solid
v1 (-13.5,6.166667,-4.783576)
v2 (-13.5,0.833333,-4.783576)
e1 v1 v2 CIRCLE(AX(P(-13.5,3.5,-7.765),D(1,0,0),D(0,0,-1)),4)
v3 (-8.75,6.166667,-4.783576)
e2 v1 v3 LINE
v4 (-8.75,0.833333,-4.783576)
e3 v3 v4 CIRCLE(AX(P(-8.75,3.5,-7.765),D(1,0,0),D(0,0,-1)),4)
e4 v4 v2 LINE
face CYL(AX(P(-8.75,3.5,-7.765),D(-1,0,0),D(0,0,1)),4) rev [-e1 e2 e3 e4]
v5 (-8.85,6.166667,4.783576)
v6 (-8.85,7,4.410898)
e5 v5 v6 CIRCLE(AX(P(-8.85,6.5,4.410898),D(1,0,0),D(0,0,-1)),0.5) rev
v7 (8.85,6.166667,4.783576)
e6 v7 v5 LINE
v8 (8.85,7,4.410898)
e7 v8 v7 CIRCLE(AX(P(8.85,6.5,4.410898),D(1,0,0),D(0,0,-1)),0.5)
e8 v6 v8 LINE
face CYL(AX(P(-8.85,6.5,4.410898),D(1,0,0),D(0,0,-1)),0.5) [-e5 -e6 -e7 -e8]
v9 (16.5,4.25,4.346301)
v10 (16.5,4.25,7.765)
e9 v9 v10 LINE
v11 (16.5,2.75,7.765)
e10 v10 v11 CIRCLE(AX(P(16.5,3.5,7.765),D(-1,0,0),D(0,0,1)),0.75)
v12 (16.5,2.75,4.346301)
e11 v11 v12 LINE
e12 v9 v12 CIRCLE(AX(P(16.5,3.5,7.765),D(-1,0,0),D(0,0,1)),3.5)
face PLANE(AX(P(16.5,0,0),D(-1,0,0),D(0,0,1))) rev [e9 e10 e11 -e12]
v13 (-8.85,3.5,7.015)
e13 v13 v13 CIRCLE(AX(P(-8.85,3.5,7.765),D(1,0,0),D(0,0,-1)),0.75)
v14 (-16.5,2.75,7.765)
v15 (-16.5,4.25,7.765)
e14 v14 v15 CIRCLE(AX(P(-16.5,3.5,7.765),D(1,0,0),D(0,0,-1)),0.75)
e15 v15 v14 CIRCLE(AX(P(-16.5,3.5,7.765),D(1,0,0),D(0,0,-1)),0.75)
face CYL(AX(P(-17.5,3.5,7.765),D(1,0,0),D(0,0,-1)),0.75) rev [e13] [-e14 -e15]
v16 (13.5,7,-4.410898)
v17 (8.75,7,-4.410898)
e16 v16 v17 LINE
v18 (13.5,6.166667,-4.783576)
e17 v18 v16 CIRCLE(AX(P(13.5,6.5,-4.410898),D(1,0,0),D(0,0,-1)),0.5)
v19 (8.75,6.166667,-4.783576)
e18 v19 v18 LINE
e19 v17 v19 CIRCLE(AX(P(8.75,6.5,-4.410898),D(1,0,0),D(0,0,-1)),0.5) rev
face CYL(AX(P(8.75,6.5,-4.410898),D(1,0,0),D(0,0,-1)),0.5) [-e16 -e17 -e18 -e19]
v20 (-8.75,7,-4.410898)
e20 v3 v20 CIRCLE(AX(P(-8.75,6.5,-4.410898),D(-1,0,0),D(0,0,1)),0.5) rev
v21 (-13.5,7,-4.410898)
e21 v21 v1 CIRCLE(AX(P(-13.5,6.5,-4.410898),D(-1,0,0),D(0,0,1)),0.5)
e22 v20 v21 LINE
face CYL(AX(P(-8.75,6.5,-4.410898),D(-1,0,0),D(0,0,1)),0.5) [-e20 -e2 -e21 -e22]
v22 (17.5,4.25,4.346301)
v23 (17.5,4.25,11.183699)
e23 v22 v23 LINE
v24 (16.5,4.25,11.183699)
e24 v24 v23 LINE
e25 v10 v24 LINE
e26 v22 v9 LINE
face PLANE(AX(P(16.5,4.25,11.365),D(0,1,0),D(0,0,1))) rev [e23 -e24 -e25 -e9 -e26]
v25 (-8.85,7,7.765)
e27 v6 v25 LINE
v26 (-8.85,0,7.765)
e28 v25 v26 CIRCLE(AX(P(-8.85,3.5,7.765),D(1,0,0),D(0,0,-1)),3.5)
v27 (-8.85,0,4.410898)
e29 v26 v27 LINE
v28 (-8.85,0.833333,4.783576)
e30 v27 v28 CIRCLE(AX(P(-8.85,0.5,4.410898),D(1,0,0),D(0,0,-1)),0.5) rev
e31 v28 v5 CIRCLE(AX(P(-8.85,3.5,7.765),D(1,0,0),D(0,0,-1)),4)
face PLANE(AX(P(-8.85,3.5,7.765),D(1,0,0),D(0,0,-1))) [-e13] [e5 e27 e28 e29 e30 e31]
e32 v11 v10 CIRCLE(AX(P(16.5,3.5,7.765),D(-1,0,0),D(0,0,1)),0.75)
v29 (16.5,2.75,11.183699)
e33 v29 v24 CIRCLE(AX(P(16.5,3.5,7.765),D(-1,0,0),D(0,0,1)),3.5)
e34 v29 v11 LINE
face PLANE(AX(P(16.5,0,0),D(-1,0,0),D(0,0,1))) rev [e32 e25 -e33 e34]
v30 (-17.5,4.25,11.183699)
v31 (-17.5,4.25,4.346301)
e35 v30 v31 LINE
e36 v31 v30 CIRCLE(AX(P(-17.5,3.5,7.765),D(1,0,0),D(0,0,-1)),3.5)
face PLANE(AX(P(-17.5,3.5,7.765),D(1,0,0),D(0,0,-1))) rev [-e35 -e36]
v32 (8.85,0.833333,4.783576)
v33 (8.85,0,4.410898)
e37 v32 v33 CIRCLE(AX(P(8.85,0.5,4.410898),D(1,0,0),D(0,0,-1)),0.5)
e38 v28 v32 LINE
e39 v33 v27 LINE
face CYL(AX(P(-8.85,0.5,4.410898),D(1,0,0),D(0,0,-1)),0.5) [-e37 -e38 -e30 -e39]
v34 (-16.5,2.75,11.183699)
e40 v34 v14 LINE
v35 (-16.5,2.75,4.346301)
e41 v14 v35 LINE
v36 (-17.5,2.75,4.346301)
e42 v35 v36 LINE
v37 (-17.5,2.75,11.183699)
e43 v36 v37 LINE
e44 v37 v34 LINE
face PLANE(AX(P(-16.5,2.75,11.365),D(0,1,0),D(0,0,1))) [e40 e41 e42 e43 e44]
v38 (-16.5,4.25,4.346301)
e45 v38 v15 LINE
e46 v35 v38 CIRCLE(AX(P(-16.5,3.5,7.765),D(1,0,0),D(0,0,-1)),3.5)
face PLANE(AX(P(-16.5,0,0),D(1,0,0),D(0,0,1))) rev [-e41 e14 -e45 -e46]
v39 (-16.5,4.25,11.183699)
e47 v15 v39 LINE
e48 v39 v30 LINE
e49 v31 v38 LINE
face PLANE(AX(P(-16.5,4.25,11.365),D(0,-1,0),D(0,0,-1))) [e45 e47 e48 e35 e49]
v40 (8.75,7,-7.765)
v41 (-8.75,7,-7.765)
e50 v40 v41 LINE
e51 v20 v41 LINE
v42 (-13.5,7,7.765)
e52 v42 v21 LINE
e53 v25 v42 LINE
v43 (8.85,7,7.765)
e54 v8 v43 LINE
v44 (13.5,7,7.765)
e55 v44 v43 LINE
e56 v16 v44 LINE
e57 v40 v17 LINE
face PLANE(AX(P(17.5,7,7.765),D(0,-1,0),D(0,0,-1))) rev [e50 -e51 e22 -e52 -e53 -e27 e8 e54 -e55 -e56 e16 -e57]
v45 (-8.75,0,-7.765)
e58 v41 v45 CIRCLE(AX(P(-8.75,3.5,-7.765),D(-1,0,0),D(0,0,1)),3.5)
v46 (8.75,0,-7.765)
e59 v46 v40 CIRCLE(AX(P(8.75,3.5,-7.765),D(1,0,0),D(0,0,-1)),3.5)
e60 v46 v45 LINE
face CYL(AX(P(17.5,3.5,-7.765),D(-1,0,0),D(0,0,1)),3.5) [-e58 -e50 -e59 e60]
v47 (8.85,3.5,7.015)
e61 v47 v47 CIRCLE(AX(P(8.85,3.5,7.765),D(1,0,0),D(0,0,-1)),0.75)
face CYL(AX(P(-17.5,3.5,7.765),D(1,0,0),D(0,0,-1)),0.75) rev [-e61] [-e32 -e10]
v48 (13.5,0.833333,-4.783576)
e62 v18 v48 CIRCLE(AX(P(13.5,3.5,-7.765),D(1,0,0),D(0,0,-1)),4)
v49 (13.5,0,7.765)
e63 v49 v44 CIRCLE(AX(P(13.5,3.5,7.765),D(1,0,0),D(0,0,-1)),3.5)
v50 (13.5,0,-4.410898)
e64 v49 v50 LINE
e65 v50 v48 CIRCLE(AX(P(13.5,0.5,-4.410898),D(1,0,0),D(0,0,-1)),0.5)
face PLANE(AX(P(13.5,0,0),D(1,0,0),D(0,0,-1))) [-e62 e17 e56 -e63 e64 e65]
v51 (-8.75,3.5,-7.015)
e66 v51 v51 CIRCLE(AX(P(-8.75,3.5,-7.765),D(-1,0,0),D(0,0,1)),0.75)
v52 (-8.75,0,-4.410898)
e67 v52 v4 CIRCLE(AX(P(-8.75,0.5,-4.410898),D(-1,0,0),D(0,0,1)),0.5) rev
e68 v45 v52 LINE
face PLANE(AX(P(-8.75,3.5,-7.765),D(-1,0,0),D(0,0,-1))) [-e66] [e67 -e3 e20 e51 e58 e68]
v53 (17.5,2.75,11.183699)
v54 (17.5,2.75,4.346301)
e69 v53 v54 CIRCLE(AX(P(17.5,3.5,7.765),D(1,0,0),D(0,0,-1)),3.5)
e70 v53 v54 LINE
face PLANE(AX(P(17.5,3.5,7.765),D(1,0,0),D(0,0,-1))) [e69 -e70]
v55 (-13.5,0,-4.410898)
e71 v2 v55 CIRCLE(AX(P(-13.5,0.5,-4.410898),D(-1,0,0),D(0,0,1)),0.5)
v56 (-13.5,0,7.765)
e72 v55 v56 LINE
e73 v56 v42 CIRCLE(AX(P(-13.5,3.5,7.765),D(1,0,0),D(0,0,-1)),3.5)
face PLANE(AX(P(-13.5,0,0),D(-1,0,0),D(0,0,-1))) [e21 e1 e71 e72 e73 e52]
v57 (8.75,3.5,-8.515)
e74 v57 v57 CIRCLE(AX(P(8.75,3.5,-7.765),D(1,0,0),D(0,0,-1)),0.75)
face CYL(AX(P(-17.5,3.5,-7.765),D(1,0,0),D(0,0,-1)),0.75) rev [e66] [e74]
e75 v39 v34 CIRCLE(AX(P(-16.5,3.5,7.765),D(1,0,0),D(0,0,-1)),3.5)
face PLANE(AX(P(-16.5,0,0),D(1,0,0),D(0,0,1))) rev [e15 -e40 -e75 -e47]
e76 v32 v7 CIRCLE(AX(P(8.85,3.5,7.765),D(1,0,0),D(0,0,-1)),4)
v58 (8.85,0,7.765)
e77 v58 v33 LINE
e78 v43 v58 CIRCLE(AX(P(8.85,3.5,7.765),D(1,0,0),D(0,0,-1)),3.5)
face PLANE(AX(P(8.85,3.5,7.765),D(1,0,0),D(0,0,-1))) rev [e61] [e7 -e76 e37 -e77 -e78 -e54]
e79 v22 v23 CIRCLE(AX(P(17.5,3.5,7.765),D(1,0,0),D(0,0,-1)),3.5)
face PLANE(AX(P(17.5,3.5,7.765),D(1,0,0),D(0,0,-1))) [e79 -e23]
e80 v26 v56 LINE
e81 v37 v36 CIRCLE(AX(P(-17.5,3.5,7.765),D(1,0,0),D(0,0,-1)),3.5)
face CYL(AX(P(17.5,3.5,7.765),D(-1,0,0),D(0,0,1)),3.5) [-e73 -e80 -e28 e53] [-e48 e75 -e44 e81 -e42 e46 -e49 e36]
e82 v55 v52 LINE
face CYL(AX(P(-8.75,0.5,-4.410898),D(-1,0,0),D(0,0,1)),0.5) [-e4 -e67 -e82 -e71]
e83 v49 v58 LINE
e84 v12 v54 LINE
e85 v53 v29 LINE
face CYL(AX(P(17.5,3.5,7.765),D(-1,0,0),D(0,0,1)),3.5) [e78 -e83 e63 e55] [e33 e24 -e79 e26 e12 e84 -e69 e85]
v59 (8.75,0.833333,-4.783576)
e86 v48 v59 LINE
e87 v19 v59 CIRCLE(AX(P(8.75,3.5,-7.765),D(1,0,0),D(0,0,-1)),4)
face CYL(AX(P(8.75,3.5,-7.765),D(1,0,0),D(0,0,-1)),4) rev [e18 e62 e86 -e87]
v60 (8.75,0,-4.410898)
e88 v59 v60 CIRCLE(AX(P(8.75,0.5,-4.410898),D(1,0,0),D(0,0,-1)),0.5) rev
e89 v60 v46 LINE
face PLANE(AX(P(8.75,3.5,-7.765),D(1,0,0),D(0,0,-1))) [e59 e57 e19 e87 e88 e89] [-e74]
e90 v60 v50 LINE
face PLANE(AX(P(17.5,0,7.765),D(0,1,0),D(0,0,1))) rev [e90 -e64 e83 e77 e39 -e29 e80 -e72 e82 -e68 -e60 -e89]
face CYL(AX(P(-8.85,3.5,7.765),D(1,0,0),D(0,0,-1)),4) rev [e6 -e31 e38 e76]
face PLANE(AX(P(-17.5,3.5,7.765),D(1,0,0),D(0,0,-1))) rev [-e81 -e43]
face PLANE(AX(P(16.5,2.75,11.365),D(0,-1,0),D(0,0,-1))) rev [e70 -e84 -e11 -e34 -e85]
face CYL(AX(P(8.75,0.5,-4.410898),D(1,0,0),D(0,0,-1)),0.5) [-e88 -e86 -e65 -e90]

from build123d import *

# Parameters (mm, degrees)
EXTRUDE_1_DEPTH     = 17.5
SKETCH_3_W          = 24
SKETCH_3_H          = 9
SKETCH_3_R          = 3.5
CUT_EXTRUDE_1_DEPTH = 4
SKETCH_6_R          = 4
CUT_EXTRUDE_2_DEPTH = 8.85
SKETCH_7_R          = 4
CUT_EXTRUDE_3_DEPTH = 4.75
SKETCH_9_W          = 7.2
SKETCH_9_H          = 1.5
CUT_EXTRUDE_5_DEPTH = 1
FILLET_1_R          = 0.5
SKETCH_8_R          = 0.75
CUT_EXTRUDE_4_DEPTH = 38.428601697


with BuildPart() as part:
    # Эскиз1 → Бобышка-Вытянуть1 (new, symmetric)
    with BuildSketch(Plane(origin=(0, 0, 0), x_dir=(0, 0, -1), z_dir=(1, 0, 0))):
        with BuildLine():
            Line((-7.765, 7), (7.765, 7))
            ThreePointArc((7.765, 7), (11.265, 3.5), (7.765, 0))
            Line((7.765, 0), (-7.765, 0))
            ThreePointArc((-7.765, 0), (-11.265, 3.5), (-7.765, 7))
        make_face()
    extrude(amount=EXTRUDE_1_DEPTH, both=True)

    # Эскиз3 → Вырез-Вытянуть1 (cut)
    with BuildSketch(Plane(origin=(17.5, 0, 0), x_dir=(0, 0, -1), z_dir=(1, 0, 0))):
        with Locations((0, 3.5)):
            Rectangle(SKETCH_3_W, SKETCH_3_H)
        with Locations(Location((-7.765, 3.5, 0), (0, 0, 90))):
            Circle(SKETCH_3_R, mode=Mode.SUBTRACT)
    cut_extrude_1 = extrude(amount=-CUT_EXTRUDE_1_DEPTH, mode=Mode.SUBTRACT)

    # Зеркальное отражение1: Вырез-Вытянуть1 across plane
    add(cut_extrude_1.mirror(Plane(origin=(0, 0, 0), x_dir=(0, 0, 1), z_dir=(1, 0, 0))), mode=Mode.SUBTRACT)

    # Эскиз6 → Вырез-Вытянуть2 (cut, symmetric)
    with BuildSketch(Plane(origin=(0, 0, 0), x_dir=(0, 0, -1), z_dir=(1, 0, 0))):
        with Locations((-7.765, 3.5)):
            Circle(SKETCH_6_R)
    extrude(amount=CUT_EXTRUDE_2_DEPTH, both=True, mode=Mode.SUBTRACT)

    # Эскиз7 → Вырез-Вытянуть3 (cut)
    with BuildSketch(Plane(origin=(13.5, 0, 0), x_dir=(0, 0, -1), z_dir=(1, 0, 0))):
        with Locations((7.765, 3.5)):
            Circle(SKETCH_7_R)
    cut_extrude_3 = extrude(amount=-CUT_EXTRUDE_3_DEPTH, mode=Mode.SUBTRACT)

    # Эскиз9 → Вырез-Вытянуть5 (cut)
    with BuildSketch(Plane(origin=(17.5, 0, 0), x_dir=(0, 0, -1), z_dir=(1, 0, 0))):
        with Locations((-7.765, 3.5)):
            Rectangle(SKETCH_9_W, SKETCH_9_H)
    cut_extrude_5 = extrude(amount=-CUT_EXTRUDE_5_DEPTH, mode=Mode.SUBTRACT)

    # Зеркальное отражение2: Вырез-Вытянуть3, Вырез-Вытянуть5 across plane
    add(cut_extrude_3.mirror(Plane(origin=(0, 0, 0), x_dir=(0, 0, 1), z_dir=(1, 0, 0))), mode=Mode.SUBTRACT)
    add(cut_extrude_5.mirror(Plane(origin=(0, 0, 0), x_dir=(0, 0, 1), z_dir=(1, 0, 0))), mode=Mode.SUBTRACT)

    # Скругление1
    fillet_1_edges = [part.edges().sort_by_distance(p)[0] for p in [
        (-11.125, 0, -5.828508327),
        (-11.125, 7, -5.828508327),
        (0, 7, 5.828508327),
        (0, 0, 5.828508327),
        (11.125, 0, -5.828508327),
        (11.125, 7, -5.828508327),
    ]]
    fillet(fillet_1_edges, radius=FILLET_1_R)

    # Эскиз8 → Вырез-Вытянуть4 (cut, through all)
    with BuildSketch(Plane(origin=(17.5, 0, 0), x_dir=(0, 0, -1), z_dir=(1, 0, 0))):
        with Locations((-7.765, 3.5)):
            Circle(SKETCH_8_R)
        with Locations((7.765, 3.5)):
            Circle(SKETCH_8_R)
    extrude(amount=-CUT_EXTRUDE_4_DEPTH, mode=Mode.SUBTRACT)


solid = part.part
